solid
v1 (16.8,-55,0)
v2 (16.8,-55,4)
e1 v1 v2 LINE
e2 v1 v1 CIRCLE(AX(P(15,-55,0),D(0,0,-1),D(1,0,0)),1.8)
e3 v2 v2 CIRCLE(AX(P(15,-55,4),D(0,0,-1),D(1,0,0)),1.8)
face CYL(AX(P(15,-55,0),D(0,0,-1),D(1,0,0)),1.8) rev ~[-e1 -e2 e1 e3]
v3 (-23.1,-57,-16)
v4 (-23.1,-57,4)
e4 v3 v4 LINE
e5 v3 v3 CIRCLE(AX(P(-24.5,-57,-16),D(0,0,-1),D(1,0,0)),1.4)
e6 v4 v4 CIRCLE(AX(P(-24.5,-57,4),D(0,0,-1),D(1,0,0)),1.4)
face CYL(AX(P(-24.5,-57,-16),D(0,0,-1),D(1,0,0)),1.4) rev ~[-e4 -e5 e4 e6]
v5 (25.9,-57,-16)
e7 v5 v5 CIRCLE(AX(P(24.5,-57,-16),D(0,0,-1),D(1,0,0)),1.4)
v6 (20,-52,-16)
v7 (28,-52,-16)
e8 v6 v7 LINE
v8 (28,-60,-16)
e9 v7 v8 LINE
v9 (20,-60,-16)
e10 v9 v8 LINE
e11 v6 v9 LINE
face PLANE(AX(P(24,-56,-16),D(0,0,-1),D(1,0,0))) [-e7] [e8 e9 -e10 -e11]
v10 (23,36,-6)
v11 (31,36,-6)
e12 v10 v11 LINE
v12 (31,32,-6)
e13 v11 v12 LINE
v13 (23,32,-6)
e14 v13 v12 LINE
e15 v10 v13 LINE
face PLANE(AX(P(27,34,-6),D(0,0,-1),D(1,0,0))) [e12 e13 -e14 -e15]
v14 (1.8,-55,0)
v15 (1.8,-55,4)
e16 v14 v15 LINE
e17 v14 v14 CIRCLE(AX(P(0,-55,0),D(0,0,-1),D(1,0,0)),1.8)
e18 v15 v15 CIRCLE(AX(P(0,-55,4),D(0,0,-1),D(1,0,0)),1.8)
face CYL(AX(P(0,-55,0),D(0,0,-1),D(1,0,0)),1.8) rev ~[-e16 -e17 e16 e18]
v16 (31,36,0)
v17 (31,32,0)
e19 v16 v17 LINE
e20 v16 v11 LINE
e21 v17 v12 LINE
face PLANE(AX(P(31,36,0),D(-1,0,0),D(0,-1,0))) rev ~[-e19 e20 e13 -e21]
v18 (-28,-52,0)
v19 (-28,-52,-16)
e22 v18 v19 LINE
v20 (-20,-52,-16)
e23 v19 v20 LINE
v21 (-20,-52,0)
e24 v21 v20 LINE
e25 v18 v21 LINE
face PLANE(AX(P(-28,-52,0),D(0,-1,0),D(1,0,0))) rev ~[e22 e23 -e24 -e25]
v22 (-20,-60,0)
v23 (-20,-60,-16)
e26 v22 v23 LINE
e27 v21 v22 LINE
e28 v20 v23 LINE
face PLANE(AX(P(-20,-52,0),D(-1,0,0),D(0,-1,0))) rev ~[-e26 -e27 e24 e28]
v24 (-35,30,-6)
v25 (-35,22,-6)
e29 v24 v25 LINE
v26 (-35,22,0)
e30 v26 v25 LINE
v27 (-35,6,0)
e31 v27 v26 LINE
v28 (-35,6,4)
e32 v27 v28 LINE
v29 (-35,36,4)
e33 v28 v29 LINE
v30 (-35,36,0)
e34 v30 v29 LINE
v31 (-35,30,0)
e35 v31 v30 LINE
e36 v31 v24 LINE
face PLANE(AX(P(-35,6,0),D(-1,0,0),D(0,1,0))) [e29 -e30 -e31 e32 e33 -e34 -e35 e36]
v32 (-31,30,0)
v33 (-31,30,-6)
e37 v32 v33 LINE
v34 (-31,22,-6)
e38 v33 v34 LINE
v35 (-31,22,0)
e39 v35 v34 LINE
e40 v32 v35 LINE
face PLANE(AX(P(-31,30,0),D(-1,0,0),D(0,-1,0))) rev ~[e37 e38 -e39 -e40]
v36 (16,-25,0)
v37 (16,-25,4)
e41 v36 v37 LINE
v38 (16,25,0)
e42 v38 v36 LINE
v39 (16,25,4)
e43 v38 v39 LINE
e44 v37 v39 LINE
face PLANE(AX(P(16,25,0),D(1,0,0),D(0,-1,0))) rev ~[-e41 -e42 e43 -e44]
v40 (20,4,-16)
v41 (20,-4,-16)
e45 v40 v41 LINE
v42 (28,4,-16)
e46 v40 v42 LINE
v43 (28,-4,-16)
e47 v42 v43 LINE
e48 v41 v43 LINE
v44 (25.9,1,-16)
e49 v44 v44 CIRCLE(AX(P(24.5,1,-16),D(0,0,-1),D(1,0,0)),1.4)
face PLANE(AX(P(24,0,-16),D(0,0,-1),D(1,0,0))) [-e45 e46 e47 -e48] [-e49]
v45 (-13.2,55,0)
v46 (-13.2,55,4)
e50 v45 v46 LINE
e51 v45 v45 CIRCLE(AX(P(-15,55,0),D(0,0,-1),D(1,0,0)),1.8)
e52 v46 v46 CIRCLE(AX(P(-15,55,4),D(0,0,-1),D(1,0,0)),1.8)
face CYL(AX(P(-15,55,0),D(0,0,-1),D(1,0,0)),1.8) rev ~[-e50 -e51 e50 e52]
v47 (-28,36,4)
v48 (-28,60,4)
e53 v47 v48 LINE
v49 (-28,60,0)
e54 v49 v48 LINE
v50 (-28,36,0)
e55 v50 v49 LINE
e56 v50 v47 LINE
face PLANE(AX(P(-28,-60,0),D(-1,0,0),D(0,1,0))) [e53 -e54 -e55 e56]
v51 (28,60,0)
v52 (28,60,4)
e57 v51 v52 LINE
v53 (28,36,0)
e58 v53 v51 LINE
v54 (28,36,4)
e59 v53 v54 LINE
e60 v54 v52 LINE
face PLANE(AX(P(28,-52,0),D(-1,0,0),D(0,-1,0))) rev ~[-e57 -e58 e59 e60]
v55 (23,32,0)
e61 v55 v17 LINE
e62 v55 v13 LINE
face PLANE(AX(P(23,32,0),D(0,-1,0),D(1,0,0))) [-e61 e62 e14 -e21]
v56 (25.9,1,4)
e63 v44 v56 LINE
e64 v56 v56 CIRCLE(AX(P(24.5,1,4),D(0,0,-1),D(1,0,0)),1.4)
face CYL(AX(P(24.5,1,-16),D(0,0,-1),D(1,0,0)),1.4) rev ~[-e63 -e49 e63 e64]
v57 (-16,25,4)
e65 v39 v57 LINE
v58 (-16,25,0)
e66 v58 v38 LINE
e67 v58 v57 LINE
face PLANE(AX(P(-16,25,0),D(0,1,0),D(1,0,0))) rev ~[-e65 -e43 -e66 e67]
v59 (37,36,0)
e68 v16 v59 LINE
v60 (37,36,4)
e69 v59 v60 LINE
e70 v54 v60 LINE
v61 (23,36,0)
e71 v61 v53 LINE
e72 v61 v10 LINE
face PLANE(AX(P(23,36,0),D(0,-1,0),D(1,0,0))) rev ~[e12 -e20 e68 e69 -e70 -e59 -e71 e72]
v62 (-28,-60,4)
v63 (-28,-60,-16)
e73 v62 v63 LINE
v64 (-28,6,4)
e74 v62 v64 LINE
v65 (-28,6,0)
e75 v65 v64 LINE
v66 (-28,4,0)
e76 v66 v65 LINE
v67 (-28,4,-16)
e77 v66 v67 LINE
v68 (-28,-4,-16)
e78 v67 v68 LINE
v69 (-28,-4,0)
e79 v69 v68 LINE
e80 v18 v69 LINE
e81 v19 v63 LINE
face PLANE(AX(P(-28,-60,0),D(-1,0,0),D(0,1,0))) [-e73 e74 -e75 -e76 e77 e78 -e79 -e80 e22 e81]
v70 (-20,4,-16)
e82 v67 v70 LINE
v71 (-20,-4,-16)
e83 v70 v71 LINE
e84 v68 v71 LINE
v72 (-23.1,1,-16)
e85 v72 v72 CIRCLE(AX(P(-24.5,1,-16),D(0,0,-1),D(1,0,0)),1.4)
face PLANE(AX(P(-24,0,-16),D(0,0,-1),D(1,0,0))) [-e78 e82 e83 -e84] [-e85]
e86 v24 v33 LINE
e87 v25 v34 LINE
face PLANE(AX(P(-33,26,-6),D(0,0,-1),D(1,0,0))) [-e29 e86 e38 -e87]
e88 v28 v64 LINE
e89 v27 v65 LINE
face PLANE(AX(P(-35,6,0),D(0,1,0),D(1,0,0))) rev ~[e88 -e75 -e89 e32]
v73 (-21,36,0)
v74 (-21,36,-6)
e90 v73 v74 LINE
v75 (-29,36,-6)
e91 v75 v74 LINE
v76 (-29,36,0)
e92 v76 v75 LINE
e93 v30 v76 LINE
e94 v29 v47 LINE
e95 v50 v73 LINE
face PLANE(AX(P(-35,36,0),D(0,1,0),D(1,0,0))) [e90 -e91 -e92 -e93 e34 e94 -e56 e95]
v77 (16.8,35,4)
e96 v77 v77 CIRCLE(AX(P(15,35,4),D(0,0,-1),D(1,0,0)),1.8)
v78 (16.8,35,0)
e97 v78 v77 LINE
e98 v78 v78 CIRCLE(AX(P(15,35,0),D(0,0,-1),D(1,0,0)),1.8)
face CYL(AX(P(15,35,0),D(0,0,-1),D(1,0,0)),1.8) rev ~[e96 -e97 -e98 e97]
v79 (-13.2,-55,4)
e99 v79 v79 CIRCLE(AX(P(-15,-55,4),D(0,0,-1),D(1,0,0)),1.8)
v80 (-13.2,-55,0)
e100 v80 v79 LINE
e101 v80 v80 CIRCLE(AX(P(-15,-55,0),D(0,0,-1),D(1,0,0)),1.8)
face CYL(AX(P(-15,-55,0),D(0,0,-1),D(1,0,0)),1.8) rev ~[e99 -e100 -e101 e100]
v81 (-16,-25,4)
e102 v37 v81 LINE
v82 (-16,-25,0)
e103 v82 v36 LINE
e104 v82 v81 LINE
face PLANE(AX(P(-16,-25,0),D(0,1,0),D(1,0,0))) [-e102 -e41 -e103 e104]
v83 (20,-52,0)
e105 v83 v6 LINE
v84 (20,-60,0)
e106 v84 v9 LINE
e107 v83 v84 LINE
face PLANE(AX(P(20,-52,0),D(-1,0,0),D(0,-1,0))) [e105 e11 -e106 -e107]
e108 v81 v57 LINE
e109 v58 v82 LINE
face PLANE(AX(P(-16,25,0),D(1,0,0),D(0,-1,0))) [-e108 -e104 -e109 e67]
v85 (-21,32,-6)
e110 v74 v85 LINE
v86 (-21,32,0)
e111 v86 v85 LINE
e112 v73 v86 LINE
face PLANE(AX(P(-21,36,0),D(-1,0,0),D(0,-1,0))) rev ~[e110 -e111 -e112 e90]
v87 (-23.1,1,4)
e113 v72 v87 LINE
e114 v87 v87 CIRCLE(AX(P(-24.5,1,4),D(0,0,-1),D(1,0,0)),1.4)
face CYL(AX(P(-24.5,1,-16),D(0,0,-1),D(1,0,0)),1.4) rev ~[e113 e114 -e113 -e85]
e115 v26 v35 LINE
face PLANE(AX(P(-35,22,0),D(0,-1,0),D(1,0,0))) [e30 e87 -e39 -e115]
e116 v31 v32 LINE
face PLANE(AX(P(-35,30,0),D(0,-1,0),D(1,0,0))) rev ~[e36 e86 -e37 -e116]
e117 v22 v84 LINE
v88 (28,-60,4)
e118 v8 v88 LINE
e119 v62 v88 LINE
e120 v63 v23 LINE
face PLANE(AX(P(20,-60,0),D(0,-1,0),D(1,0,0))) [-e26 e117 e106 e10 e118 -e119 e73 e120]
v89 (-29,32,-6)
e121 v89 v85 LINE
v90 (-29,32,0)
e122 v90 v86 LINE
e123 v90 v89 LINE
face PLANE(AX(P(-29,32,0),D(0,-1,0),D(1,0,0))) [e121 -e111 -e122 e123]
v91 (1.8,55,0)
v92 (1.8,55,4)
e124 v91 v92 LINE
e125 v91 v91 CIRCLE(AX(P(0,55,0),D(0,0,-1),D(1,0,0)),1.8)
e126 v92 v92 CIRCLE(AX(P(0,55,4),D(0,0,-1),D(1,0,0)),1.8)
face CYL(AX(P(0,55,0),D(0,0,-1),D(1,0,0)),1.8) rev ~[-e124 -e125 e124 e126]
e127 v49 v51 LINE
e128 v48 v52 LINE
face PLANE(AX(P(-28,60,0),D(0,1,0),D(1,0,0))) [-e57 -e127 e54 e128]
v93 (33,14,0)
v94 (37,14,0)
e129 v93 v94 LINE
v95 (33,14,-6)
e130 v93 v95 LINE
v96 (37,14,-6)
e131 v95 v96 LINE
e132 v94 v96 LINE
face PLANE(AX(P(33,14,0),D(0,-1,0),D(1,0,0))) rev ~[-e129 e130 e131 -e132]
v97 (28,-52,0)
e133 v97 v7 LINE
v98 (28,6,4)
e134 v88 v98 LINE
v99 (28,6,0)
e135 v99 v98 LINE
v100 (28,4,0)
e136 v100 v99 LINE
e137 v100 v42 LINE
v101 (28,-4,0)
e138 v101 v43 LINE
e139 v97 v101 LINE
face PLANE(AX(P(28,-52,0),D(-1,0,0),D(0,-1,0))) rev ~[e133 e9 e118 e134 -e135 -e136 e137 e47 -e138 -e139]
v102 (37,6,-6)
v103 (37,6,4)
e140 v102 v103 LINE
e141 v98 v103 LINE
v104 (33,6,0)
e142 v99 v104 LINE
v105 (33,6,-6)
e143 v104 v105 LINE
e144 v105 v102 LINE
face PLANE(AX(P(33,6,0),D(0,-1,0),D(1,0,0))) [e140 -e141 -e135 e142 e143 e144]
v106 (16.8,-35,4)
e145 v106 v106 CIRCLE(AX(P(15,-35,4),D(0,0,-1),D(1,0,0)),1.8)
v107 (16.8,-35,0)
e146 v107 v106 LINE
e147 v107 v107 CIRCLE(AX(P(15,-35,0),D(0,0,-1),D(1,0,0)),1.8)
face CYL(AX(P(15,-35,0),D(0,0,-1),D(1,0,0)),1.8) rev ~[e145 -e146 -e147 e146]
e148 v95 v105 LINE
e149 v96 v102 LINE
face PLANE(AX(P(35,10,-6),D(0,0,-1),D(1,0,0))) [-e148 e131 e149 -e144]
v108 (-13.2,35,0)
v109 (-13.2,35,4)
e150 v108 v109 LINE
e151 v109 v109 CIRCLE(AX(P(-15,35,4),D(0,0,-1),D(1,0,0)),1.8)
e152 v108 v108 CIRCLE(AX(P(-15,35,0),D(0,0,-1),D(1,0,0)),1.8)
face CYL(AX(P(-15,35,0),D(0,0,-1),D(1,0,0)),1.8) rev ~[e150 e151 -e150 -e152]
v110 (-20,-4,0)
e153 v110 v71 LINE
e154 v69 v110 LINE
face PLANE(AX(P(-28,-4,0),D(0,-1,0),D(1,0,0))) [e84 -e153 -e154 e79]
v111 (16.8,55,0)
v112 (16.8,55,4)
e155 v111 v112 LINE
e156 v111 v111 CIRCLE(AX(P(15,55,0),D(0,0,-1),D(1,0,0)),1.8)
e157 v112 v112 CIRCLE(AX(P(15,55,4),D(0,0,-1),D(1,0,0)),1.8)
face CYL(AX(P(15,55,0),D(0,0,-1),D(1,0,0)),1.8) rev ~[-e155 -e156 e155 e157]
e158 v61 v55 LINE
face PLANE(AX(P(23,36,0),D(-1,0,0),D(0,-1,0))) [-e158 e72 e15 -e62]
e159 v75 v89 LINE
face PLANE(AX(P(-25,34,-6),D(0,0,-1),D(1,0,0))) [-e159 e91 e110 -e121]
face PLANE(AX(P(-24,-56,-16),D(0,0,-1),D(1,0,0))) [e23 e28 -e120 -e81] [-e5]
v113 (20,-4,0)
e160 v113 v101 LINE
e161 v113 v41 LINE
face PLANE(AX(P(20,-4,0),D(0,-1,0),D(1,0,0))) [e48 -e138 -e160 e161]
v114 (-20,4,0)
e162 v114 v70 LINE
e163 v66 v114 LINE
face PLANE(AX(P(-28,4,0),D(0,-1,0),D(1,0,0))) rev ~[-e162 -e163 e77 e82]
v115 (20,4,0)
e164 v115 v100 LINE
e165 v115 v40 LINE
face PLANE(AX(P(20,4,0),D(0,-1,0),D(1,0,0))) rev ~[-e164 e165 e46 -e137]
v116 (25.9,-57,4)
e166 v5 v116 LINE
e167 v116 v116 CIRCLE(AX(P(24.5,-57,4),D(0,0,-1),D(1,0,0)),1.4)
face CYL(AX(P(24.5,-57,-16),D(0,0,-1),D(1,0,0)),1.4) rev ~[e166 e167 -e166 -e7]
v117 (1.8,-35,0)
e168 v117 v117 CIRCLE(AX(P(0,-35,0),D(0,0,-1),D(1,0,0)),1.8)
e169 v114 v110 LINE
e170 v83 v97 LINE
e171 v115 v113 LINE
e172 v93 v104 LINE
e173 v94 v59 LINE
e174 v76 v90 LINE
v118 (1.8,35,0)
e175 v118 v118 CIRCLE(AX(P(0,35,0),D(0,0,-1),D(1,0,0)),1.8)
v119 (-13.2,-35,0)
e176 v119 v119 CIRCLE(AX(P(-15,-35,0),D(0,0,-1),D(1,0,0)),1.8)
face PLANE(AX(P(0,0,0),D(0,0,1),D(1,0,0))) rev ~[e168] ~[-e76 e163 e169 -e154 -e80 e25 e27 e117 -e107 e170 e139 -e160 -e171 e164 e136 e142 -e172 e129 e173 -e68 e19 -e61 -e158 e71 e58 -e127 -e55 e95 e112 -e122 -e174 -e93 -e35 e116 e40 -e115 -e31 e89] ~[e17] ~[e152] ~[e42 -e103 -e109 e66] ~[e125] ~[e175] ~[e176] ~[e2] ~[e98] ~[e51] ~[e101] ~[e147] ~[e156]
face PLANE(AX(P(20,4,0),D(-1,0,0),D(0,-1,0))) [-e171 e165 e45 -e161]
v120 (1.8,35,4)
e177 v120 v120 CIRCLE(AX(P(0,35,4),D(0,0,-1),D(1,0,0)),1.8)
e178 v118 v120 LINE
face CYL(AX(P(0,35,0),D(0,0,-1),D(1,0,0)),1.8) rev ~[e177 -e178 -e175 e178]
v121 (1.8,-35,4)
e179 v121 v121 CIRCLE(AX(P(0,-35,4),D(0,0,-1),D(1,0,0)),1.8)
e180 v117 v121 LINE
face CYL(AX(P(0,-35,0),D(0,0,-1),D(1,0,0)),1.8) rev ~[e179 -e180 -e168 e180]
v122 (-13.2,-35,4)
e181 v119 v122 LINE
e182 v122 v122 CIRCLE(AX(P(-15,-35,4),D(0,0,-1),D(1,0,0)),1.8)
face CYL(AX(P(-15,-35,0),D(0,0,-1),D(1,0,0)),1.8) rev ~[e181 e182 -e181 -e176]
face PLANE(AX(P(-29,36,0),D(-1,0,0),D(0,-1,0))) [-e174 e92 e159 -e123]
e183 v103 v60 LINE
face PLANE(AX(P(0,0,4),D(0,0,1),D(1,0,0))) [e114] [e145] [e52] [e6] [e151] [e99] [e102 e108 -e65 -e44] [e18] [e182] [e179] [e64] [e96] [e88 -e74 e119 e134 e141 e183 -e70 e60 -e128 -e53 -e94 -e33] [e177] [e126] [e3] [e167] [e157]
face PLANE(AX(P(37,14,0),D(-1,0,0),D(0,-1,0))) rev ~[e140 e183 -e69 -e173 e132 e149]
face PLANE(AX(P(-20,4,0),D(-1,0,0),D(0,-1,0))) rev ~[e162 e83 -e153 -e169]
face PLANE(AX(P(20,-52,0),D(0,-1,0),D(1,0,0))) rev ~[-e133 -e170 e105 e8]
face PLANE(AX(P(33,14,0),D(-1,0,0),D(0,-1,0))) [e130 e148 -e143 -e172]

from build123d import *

# Parameters (mm, degrees)
SKETCH_W        = 56
SKETCH_H        = 120
PAD_DEPTH       = 4
SKETCH002_W     = 8
SKETCH002_H     = 8
PAD001_DEPTH    = 16
SKETCH003_R     = 1.4
POCKET_DEPTH    = 20
SKETCH004_R     = 1.8
POCKET001_DEPTH = 5
SKETCH006_W     = 7
SKETCH006_H     = 30
SKETCH006_W_2   = 9
PAD003_DEPTH    = 4
SKETCH007_W     = 4
SKETCH007_H     = 8
SKETCH007_W_2   = 8
SKETCH007_H_2   = 4
PAD004_DEPTH    = 6
SKETCH008_W     = 32
SKETCH008_H     = 50
POCKET002_DEPTH = 5


with BuildPart() as part:
    # Sketch → Pad (new body)
    with BuildSketch(Plane.XY):
        Rectangle(SKETCH_W, SKETCH_H)
    extrude(amount=PAD_DEPTH)

    # Sketch002 → Pad001 (join)
    with BuildSketch(Plane(origin=(0, 0, 0), x_dir=(1, 0, 0), z_dir=(0, 0, -1))):
        with Locations((24, 0)):
            Rectangle(SKETCH002_W, SKETCH002_H)
        with Locations((24, 56)):
            Rectangle(SKETCH002_W, SKETCH002_H)
        with Locations((-24, 56)):
            Rectangle(SKETCH002_W, SKETCH002_H)
        with Locations((-24, 0)):
            Rectangle(SKETCH002_W, SKETCH002_H)
    extrude(amount=PAD001_DEPTH)

    # Sketch003 (on Face26 of Pad001) → Pocket (cut)
    with BuildSketch(Plane(origin=(0, 0, -16), x_dir=(1, 0, 0), z_dir=(0, 0, -1))):
        with Locations((24.5, 57)):
            Circle(SKETCH003_R)
        with Locations((24.5, -1)):
            Circle(SKETCH003_R)
        with Locations((-24.5, -1)):
            Circle(SKETCH003_R)
        with Locations((-24.5, 57)):
            Circle(SKETCH003_R)
    extrude(amount=-POCKET_DEPTH, mode=Mode.SUBTRACT)

    # Sketch004 (on Face4 of Pocket) → Pocket001 (cut)
    with BuildSketch(Plane(origin=(0, 0, 0), x_dir=(1, 0, 0), z_dir=(0, 0, -1))):
        with Locations((0, -35)):
            Circle(SKETCH004_R)
        with Locations((0, -55)):
            Circle(SKETCH004_R)
        with Locations((15, -35)):
            Circle(SKETCH004_R)
        with Locations((15, -55)):
            Circle(SKETCH004_R)
        with Locations((-15, -35)):
            Circle(SKETCH004_R)
        with Locations((-15, -55)):
            Circle(SKETCH004_R)
        with Locations((15, 55)):
            Circle(SKETCH004_R)
        with Locations((0, 55)):
            Circle(SKETCH004_R)
        with Locations((-15, 55)):
            Circle(SKETCH004_R)
        with Locations((-15, 35)):
            Circle(SKETCH004_R)
        with Locations((0, 35)):
            Circle(SKETCH004_R)
        with Locations((15, 35)):
            Circle(SKETCH004_R)
    extrude(amount=-POCKET001_DEPTH, mode=Mode.SUBTRACT)

    # Sketch006 → Pad003 (join)
    with BuildSketch(Plane.XY):
        with Locations((-31.5, 21)):
            Rectangle(SKETCH006_W, SKETCH006_H)
        with Locations((32.5, 21)):
            Rectangle(SKETCH006_W_2, SKETCH006_H)
    extrude(amount=PAD003_DEPTH)

    # Sketch007 (on Face10 of Pad003) → Pad004 (join)
    with BuildSketch(Plane(origin=(0, 0, 0), x_dir=(1, 0, 0), z_dir=(0, 0, -1))):
        with Locations((35, -10)):
            Rectangle(SKETCH007_W, SKETCH007_H)
        with Locations((-33, -26)):
            Rectangle(SKETCH007_W, SKETCH007_H)
        with Locations((27, -34)):
            Rectangle(SKETCH007_W_2, SKETCH007_H_2)
        with Locations((-25, -34)):
            Rectangle(SKETCH007_W_2, SKETCH007_H_2)
    extrude(amount=PAD004_DEPTH)

    # Sketch008 (on Face4 of Pad004) → Pocket002 (cut)
    with BuildSketch(Plane(origin=(0, 0, 0), x_dir=(1, 0, 0), z_dir=(0, 0, -1))):
        Rectangle(SKETCH008_W, SKETCH008_H)
    extrude(amount=-POCKET002_DEPTH, mode=Mode.SUBTRACT)


solid = part.part
